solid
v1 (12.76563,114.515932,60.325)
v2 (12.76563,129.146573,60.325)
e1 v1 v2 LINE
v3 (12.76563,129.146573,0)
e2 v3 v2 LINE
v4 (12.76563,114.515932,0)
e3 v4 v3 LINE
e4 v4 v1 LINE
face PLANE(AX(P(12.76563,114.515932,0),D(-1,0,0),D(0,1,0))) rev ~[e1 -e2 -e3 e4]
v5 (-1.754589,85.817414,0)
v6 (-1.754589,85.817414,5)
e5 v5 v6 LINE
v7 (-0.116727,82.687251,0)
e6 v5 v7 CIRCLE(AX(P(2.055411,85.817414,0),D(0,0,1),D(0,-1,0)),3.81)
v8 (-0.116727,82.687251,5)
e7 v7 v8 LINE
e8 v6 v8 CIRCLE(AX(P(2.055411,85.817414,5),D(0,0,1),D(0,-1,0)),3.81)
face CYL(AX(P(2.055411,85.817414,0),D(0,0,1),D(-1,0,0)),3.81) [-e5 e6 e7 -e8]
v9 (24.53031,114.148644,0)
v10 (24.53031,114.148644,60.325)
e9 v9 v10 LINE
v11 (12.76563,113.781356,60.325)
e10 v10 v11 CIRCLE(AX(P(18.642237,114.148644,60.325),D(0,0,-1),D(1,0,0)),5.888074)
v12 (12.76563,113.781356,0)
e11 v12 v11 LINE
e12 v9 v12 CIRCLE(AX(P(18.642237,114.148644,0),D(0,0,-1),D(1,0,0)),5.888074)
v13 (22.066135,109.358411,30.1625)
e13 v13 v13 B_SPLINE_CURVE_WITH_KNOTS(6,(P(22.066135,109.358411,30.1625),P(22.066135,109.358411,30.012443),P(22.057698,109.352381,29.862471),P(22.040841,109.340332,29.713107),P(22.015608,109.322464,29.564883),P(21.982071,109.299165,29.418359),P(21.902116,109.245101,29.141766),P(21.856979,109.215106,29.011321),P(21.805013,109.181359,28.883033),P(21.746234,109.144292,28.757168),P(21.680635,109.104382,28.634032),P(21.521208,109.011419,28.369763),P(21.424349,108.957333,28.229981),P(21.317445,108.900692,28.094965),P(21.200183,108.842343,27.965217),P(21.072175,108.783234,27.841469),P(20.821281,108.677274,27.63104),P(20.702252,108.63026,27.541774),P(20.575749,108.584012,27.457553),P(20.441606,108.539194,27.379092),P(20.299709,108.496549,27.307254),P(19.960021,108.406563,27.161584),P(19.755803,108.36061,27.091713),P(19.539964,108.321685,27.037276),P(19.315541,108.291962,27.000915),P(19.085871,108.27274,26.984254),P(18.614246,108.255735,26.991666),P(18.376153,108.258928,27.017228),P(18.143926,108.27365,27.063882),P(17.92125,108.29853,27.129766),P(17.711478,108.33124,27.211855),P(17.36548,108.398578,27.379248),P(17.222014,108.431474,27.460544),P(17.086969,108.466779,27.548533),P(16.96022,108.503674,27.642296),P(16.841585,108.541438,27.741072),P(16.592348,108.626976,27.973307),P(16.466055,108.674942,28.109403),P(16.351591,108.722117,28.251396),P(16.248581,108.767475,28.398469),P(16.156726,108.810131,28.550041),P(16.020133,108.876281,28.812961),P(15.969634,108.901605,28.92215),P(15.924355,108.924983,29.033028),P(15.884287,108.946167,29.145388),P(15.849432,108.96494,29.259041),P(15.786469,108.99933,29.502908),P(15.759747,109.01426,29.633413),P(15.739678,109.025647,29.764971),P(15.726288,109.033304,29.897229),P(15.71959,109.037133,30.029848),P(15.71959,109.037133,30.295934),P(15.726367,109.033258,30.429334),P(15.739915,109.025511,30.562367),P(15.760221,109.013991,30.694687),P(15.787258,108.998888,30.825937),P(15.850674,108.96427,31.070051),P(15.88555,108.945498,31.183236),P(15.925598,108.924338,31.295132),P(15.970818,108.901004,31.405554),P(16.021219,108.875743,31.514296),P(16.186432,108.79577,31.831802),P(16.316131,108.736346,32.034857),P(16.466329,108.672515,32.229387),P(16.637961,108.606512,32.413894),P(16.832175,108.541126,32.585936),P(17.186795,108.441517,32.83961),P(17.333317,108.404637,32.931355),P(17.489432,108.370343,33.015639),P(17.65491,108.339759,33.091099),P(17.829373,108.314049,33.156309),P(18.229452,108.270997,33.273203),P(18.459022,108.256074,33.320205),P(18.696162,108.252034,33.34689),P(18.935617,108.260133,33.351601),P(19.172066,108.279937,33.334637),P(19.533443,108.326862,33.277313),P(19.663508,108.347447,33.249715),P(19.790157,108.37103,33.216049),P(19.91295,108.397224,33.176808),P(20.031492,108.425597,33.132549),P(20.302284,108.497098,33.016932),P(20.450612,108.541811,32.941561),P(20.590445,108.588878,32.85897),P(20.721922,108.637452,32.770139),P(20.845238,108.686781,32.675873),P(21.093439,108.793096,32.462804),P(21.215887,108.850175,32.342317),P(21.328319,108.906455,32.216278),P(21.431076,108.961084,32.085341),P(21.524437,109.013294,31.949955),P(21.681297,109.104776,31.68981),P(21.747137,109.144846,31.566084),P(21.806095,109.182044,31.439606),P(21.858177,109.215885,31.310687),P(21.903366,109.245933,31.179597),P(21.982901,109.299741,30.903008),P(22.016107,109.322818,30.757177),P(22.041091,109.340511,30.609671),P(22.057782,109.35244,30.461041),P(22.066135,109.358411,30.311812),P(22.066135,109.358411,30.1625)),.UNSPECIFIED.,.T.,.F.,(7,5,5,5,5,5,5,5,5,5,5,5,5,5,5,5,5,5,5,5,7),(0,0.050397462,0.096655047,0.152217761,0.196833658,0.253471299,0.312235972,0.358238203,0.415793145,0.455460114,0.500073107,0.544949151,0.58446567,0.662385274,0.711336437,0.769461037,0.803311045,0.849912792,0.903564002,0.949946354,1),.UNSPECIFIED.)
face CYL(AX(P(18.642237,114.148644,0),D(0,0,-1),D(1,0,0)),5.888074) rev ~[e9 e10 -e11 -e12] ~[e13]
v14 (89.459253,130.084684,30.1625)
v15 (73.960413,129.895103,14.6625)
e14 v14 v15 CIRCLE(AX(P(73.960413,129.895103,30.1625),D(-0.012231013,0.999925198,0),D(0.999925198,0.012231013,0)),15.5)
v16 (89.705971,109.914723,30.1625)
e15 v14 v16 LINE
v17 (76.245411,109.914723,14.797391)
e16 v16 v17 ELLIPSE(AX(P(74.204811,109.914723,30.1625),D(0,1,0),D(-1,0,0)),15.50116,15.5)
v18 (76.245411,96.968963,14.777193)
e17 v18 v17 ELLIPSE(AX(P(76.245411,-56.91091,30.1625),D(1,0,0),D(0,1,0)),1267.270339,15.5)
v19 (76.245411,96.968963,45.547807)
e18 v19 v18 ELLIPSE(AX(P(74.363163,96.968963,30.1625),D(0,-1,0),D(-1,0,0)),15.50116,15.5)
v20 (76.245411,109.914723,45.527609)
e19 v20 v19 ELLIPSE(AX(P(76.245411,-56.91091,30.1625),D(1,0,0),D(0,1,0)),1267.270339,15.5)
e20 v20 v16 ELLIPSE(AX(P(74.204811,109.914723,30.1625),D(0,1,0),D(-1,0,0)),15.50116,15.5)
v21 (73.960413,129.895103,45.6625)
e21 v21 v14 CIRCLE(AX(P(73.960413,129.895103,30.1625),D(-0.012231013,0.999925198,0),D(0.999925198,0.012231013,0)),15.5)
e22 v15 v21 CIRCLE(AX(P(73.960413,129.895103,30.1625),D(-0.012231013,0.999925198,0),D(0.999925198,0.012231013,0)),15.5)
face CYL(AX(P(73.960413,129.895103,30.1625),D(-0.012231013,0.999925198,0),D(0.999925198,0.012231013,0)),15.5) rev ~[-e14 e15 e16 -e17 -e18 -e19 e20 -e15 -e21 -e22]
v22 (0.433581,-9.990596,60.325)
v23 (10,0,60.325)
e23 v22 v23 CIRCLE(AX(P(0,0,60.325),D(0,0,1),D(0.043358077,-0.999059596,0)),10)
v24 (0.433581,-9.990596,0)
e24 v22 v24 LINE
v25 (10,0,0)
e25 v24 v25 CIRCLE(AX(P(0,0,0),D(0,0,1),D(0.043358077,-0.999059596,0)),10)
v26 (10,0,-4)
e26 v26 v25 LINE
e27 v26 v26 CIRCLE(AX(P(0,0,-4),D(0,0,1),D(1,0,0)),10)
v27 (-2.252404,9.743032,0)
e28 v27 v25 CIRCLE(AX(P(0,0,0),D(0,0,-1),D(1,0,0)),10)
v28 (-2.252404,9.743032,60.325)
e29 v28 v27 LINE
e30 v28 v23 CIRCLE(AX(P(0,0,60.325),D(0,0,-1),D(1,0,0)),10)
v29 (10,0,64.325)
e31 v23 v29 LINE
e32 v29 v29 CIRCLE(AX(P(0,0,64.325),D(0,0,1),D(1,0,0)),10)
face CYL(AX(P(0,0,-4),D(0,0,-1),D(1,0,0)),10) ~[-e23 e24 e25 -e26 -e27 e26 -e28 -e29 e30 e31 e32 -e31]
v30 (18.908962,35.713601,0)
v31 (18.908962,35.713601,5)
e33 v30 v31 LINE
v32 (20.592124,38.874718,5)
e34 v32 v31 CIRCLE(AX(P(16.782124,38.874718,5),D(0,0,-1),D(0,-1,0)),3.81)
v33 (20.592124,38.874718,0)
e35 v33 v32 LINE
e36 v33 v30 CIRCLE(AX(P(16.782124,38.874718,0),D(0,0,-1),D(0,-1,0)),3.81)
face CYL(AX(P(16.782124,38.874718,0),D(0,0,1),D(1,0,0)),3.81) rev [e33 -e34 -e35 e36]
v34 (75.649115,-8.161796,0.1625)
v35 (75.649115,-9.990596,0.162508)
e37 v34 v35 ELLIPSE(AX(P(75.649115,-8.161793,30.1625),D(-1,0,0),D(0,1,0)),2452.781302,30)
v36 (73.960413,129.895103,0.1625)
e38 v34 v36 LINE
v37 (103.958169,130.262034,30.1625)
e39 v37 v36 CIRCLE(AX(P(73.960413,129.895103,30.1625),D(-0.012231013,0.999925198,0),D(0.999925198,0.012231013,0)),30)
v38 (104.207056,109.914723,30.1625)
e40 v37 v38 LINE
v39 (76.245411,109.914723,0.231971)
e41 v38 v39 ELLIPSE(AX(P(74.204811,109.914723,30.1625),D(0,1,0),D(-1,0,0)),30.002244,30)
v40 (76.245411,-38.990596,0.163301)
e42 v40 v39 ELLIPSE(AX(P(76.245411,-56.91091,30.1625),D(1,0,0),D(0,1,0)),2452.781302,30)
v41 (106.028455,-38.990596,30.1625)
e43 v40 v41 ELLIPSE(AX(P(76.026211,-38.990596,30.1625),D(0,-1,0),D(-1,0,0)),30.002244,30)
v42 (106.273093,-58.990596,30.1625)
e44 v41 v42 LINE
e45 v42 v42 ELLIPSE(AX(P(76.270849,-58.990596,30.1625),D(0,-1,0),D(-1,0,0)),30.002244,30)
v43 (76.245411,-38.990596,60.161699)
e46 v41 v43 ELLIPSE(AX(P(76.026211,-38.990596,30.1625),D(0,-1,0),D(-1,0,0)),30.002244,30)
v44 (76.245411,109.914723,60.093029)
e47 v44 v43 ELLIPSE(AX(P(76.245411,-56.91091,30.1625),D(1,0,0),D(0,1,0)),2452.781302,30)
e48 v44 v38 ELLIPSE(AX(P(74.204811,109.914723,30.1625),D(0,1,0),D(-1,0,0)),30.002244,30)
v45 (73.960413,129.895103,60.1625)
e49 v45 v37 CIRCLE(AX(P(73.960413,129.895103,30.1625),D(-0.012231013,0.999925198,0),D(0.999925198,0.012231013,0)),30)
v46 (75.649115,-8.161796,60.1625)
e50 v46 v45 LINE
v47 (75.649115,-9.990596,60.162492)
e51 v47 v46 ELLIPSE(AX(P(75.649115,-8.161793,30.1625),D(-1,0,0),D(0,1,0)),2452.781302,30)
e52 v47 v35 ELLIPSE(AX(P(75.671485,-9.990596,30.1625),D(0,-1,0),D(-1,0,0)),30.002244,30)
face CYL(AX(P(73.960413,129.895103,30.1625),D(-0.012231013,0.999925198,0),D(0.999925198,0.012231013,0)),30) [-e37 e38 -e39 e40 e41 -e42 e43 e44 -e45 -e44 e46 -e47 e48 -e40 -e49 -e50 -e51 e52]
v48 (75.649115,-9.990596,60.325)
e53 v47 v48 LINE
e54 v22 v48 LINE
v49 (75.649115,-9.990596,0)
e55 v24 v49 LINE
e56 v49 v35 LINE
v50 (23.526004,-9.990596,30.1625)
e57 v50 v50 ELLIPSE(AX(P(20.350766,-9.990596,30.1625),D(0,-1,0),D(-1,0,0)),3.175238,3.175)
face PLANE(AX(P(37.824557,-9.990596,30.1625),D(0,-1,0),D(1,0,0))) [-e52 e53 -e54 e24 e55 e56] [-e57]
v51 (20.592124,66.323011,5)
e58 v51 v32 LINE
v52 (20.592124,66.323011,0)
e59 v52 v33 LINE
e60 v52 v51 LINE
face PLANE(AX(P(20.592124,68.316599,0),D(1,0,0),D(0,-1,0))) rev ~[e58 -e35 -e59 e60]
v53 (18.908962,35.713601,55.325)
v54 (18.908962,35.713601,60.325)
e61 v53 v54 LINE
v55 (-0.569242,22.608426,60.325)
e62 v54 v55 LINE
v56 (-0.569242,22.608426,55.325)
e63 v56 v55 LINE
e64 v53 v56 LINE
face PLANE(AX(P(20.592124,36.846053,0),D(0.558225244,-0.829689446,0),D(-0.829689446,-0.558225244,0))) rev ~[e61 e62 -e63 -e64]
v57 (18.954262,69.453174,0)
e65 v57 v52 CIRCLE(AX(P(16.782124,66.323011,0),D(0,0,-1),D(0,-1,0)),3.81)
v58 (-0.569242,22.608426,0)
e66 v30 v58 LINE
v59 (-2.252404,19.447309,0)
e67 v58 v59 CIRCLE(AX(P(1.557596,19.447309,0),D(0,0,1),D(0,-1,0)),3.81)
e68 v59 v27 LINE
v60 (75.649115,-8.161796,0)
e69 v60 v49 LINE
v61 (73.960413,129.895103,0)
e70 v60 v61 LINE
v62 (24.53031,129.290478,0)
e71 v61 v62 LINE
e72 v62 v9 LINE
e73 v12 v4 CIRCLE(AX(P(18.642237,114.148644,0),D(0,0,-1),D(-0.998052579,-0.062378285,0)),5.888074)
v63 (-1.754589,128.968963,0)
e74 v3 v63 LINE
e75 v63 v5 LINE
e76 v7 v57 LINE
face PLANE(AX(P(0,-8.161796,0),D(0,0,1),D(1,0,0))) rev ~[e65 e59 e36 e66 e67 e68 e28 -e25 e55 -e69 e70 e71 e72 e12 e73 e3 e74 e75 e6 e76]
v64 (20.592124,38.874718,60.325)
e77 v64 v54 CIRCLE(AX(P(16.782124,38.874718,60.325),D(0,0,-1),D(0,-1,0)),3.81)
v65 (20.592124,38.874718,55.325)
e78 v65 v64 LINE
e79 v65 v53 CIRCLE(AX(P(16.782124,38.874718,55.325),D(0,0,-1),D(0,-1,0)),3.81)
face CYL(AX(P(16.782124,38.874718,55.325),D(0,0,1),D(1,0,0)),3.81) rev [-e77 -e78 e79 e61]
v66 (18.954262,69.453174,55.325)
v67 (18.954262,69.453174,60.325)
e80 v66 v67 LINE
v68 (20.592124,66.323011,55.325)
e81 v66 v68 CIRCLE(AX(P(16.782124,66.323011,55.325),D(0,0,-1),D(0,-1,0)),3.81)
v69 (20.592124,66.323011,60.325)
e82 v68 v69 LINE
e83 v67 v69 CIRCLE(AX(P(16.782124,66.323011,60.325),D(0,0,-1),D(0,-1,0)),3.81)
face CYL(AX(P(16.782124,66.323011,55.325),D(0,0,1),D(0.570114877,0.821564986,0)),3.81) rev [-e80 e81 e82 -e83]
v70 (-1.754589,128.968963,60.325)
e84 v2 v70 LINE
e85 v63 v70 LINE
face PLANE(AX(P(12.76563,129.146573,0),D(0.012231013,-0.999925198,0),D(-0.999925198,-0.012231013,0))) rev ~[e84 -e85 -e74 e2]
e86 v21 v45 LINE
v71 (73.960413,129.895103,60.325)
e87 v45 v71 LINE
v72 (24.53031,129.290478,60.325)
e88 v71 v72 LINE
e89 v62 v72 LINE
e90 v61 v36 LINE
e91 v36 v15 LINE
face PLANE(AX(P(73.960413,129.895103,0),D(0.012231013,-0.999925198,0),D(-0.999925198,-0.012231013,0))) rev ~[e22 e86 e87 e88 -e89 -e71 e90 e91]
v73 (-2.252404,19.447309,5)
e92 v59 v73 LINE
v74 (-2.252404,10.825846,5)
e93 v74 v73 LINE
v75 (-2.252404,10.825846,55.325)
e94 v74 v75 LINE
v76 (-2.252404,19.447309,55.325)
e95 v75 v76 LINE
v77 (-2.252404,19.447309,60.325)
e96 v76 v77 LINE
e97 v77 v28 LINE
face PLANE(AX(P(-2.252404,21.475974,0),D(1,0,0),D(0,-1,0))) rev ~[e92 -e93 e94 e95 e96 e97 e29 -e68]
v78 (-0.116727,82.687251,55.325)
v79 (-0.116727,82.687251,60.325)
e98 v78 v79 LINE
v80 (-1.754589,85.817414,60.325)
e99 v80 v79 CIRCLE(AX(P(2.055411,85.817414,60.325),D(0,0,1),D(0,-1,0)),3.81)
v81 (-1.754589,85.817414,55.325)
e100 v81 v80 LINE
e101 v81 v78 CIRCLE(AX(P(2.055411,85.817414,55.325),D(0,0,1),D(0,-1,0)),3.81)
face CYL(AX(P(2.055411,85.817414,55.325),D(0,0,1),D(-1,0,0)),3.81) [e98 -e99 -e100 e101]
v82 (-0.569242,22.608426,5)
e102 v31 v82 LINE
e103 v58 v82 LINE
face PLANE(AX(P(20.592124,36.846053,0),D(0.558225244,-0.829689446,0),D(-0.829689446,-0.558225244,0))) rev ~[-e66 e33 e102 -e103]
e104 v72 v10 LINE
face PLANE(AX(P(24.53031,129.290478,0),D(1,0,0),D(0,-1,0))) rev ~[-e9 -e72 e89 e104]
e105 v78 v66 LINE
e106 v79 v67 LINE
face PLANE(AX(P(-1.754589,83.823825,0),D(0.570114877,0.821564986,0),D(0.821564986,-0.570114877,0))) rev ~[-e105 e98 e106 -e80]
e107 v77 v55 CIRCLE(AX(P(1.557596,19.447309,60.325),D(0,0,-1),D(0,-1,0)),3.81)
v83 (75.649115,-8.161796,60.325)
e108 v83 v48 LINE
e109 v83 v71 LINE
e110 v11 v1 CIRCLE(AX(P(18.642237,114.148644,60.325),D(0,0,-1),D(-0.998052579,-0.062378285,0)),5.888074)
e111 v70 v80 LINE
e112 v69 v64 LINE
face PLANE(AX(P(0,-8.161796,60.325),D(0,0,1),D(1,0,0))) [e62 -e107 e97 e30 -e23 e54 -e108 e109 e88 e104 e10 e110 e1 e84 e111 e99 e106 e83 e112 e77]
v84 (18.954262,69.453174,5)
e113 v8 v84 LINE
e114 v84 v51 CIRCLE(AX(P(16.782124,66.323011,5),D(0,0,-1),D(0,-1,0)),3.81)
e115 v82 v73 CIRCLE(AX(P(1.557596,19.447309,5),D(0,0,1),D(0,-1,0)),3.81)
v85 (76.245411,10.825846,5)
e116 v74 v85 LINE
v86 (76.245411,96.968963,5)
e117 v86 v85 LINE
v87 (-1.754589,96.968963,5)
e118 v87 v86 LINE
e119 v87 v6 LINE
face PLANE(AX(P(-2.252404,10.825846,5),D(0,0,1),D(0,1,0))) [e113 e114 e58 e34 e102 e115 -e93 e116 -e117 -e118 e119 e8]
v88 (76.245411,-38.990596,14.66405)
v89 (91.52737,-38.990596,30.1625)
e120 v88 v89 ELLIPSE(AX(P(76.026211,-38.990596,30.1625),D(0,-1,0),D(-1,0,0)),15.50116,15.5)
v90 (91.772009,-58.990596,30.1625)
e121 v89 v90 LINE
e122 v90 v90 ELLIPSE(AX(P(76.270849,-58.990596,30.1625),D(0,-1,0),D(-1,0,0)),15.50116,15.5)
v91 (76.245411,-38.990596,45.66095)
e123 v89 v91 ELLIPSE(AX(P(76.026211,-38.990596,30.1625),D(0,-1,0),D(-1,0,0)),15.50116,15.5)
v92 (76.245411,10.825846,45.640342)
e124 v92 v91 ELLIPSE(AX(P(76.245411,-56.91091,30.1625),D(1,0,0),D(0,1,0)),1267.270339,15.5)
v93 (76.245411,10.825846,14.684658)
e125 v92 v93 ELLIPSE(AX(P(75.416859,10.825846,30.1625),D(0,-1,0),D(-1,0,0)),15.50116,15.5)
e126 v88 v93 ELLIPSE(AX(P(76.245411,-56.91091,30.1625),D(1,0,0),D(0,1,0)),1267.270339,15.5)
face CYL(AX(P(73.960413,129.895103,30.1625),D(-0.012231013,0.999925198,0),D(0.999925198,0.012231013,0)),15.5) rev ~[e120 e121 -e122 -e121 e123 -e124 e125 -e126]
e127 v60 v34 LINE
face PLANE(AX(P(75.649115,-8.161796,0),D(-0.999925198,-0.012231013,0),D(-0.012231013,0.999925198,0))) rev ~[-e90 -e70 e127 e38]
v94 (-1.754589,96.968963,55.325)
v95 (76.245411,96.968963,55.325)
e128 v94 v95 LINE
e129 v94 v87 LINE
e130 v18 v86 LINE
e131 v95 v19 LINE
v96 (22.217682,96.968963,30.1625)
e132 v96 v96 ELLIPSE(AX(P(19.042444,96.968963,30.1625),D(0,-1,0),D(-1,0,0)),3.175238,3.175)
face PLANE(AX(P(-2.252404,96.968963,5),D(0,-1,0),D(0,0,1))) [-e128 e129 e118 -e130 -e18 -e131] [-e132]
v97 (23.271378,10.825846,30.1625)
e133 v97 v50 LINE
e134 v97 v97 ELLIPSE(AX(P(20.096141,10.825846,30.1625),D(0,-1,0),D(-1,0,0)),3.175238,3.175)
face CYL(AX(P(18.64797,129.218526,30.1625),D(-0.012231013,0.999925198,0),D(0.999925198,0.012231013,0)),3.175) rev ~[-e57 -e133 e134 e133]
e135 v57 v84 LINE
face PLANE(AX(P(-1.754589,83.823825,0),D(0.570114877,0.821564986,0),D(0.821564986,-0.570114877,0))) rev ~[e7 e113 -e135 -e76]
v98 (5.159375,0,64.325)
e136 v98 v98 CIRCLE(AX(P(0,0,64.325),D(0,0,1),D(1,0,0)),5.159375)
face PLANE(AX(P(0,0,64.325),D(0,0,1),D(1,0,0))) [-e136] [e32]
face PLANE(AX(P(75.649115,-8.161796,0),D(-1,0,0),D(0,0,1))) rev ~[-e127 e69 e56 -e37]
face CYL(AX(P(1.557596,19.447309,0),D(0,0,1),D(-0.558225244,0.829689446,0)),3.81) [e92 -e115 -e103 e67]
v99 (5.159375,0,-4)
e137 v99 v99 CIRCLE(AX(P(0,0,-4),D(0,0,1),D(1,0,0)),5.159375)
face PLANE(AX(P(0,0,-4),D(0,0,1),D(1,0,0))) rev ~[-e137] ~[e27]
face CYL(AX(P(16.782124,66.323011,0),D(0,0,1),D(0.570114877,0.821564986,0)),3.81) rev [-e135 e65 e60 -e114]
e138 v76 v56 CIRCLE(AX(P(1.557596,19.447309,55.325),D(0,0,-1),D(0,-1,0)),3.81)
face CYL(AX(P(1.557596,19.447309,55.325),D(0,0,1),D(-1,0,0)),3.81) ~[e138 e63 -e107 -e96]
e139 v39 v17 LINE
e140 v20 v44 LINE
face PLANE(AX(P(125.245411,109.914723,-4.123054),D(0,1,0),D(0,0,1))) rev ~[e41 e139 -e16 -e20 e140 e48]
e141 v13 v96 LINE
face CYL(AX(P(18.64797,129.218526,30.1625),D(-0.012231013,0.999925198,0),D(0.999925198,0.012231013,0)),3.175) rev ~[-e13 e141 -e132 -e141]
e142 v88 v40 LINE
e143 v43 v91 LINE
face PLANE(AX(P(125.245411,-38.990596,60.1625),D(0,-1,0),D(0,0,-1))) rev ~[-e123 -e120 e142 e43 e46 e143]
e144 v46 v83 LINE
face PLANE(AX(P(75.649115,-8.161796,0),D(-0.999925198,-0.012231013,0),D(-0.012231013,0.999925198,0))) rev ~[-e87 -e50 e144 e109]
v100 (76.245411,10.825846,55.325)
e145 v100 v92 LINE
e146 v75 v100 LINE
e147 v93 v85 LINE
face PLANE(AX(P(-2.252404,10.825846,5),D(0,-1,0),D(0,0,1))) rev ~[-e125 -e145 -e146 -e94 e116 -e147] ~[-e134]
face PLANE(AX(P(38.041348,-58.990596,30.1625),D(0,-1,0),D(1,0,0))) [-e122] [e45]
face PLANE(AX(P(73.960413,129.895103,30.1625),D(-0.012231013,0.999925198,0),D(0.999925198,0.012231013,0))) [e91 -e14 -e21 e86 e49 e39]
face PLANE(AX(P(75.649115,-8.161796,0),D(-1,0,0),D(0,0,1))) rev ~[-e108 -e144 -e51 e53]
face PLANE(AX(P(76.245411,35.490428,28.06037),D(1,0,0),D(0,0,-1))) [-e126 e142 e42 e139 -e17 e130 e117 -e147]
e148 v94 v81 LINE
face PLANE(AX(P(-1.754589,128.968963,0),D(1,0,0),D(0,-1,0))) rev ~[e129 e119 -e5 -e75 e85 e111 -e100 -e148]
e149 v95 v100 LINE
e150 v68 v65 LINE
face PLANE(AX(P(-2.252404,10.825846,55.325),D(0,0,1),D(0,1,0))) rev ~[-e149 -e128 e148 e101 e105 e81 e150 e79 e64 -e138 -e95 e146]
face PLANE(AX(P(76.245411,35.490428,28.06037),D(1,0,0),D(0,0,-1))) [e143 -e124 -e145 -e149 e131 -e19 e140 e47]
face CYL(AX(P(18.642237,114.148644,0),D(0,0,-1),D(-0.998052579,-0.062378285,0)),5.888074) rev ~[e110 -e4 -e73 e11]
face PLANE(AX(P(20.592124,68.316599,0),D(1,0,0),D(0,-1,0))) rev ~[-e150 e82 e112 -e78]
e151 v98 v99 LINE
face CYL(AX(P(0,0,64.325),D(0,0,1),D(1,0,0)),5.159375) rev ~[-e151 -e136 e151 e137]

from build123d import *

# Parameters (mm, degrees)
BOSS_EXTRUDE1_DEPTH               = 60.325
BOSS_EXTRUDE2_START               = -64.325
SKETCH4_R                         = 10
BOSS_EXTRUDE2_DEPTH               = 68.325
SKETCH5_R                         = 5.159375
CUT_EXTRUDE1_DEPTH                = 69.325
SKETCH6_W                         = 75.649114878
SKETCH6_H                         = 60.325
BOSS_EXTRUDE3_DEPTH               = 1.8288
BOSS_EXTRUDE4_REACH               = 190.905
BOSS_EXTRUDE4_OFFSET_FROM_SURFACE = 49
SKETCH8_R                         = 30
SKETCH9_R                         = 15.5
CUT_EXTRUDE2_DEPTH                = 190.266787166
CUT_EXTRUDE3_DEPTH                = 49
SKETCH11_W                        = 50.325
SKETCH11_H                        = 86.143116626
CUT_EXTRUDE4_DEPTH                = 109.525496818
SKETCH15_R                        = 3.175
CUT_EXTRUDE5_DEPTH                = 190.266787166
FILLET1_R                         = 3.81


with BuildPart() as part:
    # Sketch2 → Boss-Extrude1 (new body)
    with BuildSketch(Plane.XY):
        with BuildLine():
            Line((12.765629792, 129.146573189), (-1.754589441, 128.968962917))
            Line((-1.754589441, 128.968962917), (-1.754589441, 83.82382539))
            Line((-1.754589441, 83.82382539), (20.592124083, 68.316599476))
            Line((20.592124083, 68.316599476), (20.592124083, 36.846052768))
            Line((20.592124083, 36.846052768), (-2.252403515, 21.475974179))
            Line((-2.252403515, 21.475974179), (-2.252403515, 12.414958495))
            Line((-2.252403515, 12.414958495), (-2.252403515, -8.161795964))
            Line((-2.252403515, -8.161795964), (75.649114878, -8.161795964))
            Line((75.649114878, -8.161795964), (73.96041286, 129.895103354))
            Line((73.96041286, 129.895103354), (24.530310461, 129.290477913))
            Line((24.530310461, 129.290477913), (24.530310461, 114.148644142))
            ThreePointArc((24.530310461, 114.148644142), (18.82597029, 108.263437866), (12.765629792, 113.781356201))
            ThreePointArc((12.765629792, 113.781356201), (12.754163231, 114.148644142), (12.765629792, 114.515932083))
            Line((12.765629792, 114.515932083), (12.765629792, 129.146573189))
        make_face()
    extrude(amount=BOSS_EXTRUDE1_DEPTH)

    # Sketch4 → Boss-Extrude2 (add)
    with BuildSketch(Plane.XY.offset(60.325).offset(BOSS_EXTRUDE2_START)):
        Circle(SKETCH4_R)
    extrude(amount=BOSS_EXTRUDE2_DEPTH)

    # Sketch5 → Cut-Extrude1 (cut, through all)
    with BuildSketch(Plane.XY.offset(64.325)):
        Circle(SKETCH5_R)
    extrude(amount=-CUT_EXTRUDE1_DEPTH, mode=Mode.SUBTRACT)

    # Sketch6 → Boss-Extrude3 (add)
    with BuildSketch(Plane.XZ.offset(8.161795964)):
        with Locations((37.824557439, 30.1625)):
            Rectangle(SKETCH6_W, SKETCH6_H)
    extrude(amount=BOSS_EXTRUDE3_DEPTH)

    # Boss-Extrude4: up to this face of the body (flat: up to its plane, moved by the offset)
    boss_extrude4_end = Plane(part.part.faces().sort_by_distance((38.041347827, -9.990595964, 30.1625))[0]).offset(BOSS_EXTRUDE4_OFFSET_FROM_SURFACE)
    # Sketch8 → Boss-Extrude4 (add, up to the picked face)
    with BuildSketch(Plane(origin=(-1.577565522, 128.97112826, 0), x_dir=(0.999925198, 0.012231013, 0), z_dir=(-0.012231013, 0.999925198, 0)), mode=Mode.PRIVATE) as boss_extrude4_sk1:
        with Locations((75.543629169, -30.1625)):
            Circle(SKETCH8_R)
    boss_extrude4_tool1 = split(extrude(boss_extrude4_sk1.sketch, amount=-BOSS_EXTRUDE4_REACH, mode=Mode.PRIVATE), bisect_by=boss_extrude4_end, keep=Keep.BOTH, mode=Mode.PRIVATE)
    add(boss_extrude4_tool1.solids().sort_by_distance((73.960413, 129.895103, 30.1625))[0])

    # Sketch9 → Cut-Extrude2 (cut, through all)
    with BuildSketch(Plane(origin=(-1.577565522, 128.97112826, 0), x_dir=(0.999925198, 0.012231013, 0), z_dir=(-0.012231013, 0.999925198, 0))):
        with Locations((75.543629169, -30.1625)):
            Circle(SKETCH9_R)
    extrude(amount=-CUT_EXTRUDE2_DEPTH, mode=Mode.SUBTRACT)

    # Sketch10 → Cut-Extrude3 (cut)
    with BuildSketch(Plane.ZY.offset(-125.245410559)):
        Polygon((60.325, 109.914722857), (60.1625, -38.990595964), (-4.123053696, -38.990595964), (-4.123053696, 109.914722857), align=None)
    extrude(amount=CUT_EXTRUDE3_DEPTH, mode=Mode.SUBTRACT)

    # Sketch11 → Cut-Extrude4 (cut, through all)
    with BuildSketch(Plane.ZY.offset(2.252403515)):
        with Locations((30.1625, 53.897404604)):
            Rectangle(SKETCH11_W, SKETCH11_H)
    extrude(amount=-CUT_EXTRUDE4_DEPTH, mode=Mode.SUBTRACT)

    # Sketch15 → Cut-Extrude5 (cut, through all)
    with BuildSketch(Plane(origin=(-1.577565522, 128.97112826, 0), x_dir=(0.999925198, 0.012231013, 0), z_dir=(-0.012231013, 0.999925198, 0))):
        with Locations((20.227048665, -30.1625)):
            Circle(SKETCH15_R)
    extrude(amount=-CUT_EXTRUDE5_DEPTH, mode=Mode.SUBTRACT)

    # Fillet1
    fillet1_edges = [part.edges().sort_by_distance(p)[0] for p in [
        (-2.252403515, 21.475974179, 2.5),
        (20.592124083, 36.846052768, 2.5),
        (20.592124083, 68.316599476, 2.5),
        (-1.754589441, 83.82382539, 2.5),
        (-2.252403515, 21.475974179, 57.825),
        (20.592124083, 36.846052768, 57.825),
        (20.592124083, 68.316599476, 57.825),
        (-1.754589441, 83.82382539, 57.825),
    ]]
    fillet(fillet1_edges, radius=FILLET1_R)


solid = part.part
